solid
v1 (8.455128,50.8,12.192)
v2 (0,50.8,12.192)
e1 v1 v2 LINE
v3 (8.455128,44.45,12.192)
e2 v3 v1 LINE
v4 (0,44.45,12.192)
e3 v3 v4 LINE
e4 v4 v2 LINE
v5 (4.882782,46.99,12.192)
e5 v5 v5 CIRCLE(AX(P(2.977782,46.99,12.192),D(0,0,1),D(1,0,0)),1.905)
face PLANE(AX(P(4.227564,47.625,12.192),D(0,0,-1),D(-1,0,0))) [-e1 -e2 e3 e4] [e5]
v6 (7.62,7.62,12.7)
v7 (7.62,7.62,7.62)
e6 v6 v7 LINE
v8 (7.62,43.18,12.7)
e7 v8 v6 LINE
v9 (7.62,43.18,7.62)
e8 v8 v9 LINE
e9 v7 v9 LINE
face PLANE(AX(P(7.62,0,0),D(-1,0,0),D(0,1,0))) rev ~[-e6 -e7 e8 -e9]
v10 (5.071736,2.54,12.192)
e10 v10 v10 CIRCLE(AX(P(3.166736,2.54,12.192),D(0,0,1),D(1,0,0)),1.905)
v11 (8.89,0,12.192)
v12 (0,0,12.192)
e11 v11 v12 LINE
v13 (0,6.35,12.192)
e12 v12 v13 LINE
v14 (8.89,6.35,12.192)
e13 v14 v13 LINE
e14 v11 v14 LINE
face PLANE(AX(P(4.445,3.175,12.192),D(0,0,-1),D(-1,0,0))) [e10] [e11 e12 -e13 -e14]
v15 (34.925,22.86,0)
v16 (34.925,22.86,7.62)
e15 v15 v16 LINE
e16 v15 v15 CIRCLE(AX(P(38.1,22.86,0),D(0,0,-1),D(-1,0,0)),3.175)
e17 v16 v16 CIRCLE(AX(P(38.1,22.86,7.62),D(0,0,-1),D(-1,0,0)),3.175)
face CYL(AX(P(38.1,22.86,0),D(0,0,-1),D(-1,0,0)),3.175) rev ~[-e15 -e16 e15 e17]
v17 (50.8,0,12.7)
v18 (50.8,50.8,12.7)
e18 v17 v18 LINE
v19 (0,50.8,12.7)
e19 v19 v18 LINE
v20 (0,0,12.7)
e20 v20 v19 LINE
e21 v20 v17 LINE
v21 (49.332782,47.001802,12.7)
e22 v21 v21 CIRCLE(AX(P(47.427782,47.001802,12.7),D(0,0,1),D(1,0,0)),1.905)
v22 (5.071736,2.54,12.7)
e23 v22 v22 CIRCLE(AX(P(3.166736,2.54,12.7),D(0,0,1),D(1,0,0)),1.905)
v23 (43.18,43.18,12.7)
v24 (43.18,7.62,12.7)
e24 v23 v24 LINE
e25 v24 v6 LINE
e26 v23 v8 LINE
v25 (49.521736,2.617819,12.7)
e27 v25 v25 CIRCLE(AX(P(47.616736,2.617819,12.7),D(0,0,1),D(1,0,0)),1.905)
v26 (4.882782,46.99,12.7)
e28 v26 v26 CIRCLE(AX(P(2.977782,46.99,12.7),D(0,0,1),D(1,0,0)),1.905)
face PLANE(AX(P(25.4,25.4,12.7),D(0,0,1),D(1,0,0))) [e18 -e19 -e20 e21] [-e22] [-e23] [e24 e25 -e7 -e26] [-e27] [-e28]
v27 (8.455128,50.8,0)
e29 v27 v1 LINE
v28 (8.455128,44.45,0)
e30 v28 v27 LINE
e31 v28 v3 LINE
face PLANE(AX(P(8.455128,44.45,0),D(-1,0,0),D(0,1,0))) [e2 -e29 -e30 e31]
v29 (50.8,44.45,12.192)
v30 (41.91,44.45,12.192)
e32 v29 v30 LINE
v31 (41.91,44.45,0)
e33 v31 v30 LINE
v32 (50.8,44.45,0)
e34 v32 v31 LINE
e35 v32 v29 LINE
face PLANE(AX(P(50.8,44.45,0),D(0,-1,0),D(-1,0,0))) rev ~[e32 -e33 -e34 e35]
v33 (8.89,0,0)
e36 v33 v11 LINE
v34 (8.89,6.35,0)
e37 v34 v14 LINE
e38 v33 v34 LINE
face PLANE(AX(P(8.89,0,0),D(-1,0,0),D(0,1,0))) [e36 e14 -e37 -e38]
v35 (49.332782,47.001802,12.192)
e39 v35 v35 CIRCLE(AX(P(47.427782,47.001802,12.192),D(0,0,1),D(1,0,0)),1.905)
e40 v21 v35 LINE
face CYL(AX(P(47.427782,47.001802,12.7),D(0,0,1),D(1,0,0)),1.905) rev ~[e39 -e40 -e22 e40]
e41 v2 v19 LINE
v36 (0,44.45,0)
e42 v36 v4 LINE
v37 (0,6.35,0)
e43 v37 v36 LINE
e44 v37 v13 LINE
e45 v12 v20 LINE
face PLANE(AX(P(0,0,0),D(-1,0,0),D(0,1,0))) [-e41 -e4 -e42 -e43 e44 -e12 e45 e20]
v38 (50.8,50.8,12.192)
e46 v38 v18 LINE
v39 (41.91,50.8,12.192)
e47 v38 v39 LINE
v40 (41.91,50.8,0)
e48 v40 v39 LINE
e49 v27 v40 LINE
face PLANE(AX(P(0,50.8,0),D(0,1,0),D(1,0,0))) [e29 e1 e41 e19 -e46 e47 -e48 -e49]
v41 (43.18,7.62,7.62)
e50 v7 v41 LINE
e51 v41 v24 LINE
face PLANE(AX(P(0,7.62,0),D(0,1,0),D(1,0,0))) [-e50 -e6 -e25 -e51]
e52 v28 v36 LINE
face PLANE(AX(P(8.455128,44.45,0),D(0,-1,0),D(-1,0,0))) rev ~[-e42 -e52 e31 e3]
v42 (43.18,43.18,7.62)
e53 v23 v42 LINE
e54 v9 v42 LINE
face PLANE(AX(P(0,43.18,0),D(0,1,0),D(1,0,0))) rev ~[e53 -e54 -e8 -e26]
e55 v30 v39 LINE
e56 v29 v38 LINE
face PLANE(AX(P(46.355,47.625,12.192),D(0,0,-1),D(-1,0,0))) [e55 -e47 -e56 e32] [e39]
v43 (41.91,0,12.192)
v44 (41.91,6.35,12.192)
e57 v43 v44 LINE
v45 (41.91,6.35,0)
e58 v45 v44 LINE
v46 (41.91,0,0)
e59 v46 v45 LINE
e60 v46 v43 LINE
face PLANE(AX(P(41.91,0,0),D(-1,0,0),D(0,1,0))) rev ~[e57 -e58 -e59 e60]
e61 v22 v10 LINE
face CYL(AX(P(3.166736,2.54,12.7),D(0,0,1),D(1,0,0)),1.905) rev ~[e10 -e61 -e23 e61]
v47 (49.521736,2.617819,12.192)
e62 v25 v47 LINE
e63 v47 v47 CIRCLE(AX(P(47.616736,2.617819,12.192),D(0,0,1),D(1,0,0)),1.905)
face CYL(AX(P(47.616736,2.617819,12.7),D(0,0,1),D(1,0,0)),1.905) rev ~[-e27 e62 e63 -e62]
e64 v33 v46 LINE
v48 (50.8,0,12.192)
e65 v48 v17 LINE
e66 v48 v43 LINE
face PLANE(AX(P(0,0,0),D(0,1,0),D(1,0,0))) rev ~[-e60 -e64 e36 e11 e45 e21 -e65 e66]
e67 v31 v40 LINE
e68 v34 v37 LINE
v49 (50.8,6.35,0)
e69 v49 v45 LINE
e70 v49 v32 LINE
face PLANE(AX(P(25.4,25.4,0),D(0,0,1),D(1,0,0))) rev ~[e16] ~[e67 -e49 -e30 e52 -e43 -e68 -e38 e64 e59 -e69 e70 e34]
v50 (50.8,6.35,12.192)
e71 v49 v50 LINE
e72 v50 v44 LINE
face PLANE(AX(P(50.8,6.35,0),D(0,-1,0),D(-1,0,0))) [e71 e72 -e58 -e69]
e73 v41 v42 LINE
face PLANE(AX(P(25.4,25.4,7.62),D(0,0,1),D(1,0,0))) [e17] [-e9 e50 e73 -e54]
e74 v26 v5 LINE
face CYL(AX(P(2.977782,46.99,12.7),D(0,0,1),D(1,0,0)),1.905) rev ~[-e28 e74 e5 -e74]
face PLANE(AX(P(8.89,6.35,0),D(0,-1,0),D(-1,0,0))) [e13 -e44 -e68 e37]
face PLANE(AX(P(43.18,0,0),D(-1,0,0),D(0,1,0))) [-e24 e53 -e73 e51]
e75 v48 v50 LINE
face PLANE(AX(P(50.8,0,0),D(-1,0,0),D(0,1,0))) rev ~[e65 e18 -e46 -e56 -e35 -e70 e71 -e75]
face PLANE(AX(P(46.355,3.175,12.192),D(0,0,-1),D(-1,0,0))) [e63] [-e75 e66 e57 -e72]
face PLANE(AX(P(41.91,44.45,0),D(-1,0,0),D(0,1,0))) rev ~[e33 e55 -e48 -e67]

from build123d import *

# Parameters (mm, degrees)
SKETCH1_W           = 50.8
SKETCH1_H           = 50.8
BOSS_EXTRUDE1_DEPTH = 12.7
SHELL1_T            = -7.62
SKETCH3_W           = 8.89
SKETCH3_H           = 6.35
SKETCH3_W_2         = 8.455127559
CUT_EXTRUDE2_DEPTH  = 12.192
SKETCH4_R           = 1.905
CUT_EXTRUDE3_DEPTH  = 20.574
SKETCH6_R           = 3.175
CUT_EXTRUDE5_DEPTH  = 8.89


with BuildPart() as part:
    # Sketch1 → Boss-Extrude1 (new body)
    with BuildSketch(Plane.XY):
        with Locations((25.4, 25.4)):
            Rectangle(SKETCH1_W, SKETCH1_H)
    extrude(amount=BOSS_EXTRUDE1_DEPTH)

    # Shell1
    shell1_openings = [part.faces().sort_by_distance(p)[0] for p in [
        (25.4, 25.4, 12.7),
    ]]
    offset(amount=SHELL1_T, openings=shell1_openings, kind=Kind.INTERSECTION)

    # Sketch3 → Cut-Extrude2 (cut)
    with BuildSketch(Plane(origin=(0, 0, 0), x_dir=(-1, 0, 0), z_dir=(0, 0, -1))):
        with Locations((-46.355, 47.625)):
            Rectangle(SKETCH3_W, SKETCH3_H)
        with Locations((-46.355, 3.175)):
            Rectangle(SKETCH3_W, SKETCH3_H)
        with Locations((-4.445, 3.175)):
            Rectangle(SKETCH3_W, SKETCH3_H)
        with Locations((-4.22756378, 47.625)):
            Rectangle(SKETCH3_W_2, SKETCH3_H)
    extrude(amount=-CUT_EXTRUDE2_DEPTH, mode=Mode.SUBTRACT)

    # Sketch4 → Cut-Extrude3 (cut)
    with BuildSketch(Plane.XY.offset(12.7)):
        with Locations((2.97778213, 46.99)):
            Circle(SKETCH4_R)
        with Locations((47.42778213, 47.001802338)):
            Circle(SKETCH4_R)
        with Locations((3.166736342, 2.54)):
            Circle(SKETCH4_R)
        with Locations((47.616736342, 2.617819139)):
            Circle(SKETCH4_R)
    extrude(amount=-CUT_EXTRUDE3_DEPTH, mode=Mode.SUBTRACT)

    # Sketch6 → Cut-Extrude5 (cut)
    with BuildSketch(Plane(origin=(0, 0, 0), x_dir=(-1, 0, 0), z_dir=(0, 0, -1))):
        with Locations((-38.1, 22.86)):
            Circle(SKETCH6_R)
    extrude(amount=-CUT_EXTRUDE5_DEPTH, mode=Mode.SUBTRACT)


solid = part.part
